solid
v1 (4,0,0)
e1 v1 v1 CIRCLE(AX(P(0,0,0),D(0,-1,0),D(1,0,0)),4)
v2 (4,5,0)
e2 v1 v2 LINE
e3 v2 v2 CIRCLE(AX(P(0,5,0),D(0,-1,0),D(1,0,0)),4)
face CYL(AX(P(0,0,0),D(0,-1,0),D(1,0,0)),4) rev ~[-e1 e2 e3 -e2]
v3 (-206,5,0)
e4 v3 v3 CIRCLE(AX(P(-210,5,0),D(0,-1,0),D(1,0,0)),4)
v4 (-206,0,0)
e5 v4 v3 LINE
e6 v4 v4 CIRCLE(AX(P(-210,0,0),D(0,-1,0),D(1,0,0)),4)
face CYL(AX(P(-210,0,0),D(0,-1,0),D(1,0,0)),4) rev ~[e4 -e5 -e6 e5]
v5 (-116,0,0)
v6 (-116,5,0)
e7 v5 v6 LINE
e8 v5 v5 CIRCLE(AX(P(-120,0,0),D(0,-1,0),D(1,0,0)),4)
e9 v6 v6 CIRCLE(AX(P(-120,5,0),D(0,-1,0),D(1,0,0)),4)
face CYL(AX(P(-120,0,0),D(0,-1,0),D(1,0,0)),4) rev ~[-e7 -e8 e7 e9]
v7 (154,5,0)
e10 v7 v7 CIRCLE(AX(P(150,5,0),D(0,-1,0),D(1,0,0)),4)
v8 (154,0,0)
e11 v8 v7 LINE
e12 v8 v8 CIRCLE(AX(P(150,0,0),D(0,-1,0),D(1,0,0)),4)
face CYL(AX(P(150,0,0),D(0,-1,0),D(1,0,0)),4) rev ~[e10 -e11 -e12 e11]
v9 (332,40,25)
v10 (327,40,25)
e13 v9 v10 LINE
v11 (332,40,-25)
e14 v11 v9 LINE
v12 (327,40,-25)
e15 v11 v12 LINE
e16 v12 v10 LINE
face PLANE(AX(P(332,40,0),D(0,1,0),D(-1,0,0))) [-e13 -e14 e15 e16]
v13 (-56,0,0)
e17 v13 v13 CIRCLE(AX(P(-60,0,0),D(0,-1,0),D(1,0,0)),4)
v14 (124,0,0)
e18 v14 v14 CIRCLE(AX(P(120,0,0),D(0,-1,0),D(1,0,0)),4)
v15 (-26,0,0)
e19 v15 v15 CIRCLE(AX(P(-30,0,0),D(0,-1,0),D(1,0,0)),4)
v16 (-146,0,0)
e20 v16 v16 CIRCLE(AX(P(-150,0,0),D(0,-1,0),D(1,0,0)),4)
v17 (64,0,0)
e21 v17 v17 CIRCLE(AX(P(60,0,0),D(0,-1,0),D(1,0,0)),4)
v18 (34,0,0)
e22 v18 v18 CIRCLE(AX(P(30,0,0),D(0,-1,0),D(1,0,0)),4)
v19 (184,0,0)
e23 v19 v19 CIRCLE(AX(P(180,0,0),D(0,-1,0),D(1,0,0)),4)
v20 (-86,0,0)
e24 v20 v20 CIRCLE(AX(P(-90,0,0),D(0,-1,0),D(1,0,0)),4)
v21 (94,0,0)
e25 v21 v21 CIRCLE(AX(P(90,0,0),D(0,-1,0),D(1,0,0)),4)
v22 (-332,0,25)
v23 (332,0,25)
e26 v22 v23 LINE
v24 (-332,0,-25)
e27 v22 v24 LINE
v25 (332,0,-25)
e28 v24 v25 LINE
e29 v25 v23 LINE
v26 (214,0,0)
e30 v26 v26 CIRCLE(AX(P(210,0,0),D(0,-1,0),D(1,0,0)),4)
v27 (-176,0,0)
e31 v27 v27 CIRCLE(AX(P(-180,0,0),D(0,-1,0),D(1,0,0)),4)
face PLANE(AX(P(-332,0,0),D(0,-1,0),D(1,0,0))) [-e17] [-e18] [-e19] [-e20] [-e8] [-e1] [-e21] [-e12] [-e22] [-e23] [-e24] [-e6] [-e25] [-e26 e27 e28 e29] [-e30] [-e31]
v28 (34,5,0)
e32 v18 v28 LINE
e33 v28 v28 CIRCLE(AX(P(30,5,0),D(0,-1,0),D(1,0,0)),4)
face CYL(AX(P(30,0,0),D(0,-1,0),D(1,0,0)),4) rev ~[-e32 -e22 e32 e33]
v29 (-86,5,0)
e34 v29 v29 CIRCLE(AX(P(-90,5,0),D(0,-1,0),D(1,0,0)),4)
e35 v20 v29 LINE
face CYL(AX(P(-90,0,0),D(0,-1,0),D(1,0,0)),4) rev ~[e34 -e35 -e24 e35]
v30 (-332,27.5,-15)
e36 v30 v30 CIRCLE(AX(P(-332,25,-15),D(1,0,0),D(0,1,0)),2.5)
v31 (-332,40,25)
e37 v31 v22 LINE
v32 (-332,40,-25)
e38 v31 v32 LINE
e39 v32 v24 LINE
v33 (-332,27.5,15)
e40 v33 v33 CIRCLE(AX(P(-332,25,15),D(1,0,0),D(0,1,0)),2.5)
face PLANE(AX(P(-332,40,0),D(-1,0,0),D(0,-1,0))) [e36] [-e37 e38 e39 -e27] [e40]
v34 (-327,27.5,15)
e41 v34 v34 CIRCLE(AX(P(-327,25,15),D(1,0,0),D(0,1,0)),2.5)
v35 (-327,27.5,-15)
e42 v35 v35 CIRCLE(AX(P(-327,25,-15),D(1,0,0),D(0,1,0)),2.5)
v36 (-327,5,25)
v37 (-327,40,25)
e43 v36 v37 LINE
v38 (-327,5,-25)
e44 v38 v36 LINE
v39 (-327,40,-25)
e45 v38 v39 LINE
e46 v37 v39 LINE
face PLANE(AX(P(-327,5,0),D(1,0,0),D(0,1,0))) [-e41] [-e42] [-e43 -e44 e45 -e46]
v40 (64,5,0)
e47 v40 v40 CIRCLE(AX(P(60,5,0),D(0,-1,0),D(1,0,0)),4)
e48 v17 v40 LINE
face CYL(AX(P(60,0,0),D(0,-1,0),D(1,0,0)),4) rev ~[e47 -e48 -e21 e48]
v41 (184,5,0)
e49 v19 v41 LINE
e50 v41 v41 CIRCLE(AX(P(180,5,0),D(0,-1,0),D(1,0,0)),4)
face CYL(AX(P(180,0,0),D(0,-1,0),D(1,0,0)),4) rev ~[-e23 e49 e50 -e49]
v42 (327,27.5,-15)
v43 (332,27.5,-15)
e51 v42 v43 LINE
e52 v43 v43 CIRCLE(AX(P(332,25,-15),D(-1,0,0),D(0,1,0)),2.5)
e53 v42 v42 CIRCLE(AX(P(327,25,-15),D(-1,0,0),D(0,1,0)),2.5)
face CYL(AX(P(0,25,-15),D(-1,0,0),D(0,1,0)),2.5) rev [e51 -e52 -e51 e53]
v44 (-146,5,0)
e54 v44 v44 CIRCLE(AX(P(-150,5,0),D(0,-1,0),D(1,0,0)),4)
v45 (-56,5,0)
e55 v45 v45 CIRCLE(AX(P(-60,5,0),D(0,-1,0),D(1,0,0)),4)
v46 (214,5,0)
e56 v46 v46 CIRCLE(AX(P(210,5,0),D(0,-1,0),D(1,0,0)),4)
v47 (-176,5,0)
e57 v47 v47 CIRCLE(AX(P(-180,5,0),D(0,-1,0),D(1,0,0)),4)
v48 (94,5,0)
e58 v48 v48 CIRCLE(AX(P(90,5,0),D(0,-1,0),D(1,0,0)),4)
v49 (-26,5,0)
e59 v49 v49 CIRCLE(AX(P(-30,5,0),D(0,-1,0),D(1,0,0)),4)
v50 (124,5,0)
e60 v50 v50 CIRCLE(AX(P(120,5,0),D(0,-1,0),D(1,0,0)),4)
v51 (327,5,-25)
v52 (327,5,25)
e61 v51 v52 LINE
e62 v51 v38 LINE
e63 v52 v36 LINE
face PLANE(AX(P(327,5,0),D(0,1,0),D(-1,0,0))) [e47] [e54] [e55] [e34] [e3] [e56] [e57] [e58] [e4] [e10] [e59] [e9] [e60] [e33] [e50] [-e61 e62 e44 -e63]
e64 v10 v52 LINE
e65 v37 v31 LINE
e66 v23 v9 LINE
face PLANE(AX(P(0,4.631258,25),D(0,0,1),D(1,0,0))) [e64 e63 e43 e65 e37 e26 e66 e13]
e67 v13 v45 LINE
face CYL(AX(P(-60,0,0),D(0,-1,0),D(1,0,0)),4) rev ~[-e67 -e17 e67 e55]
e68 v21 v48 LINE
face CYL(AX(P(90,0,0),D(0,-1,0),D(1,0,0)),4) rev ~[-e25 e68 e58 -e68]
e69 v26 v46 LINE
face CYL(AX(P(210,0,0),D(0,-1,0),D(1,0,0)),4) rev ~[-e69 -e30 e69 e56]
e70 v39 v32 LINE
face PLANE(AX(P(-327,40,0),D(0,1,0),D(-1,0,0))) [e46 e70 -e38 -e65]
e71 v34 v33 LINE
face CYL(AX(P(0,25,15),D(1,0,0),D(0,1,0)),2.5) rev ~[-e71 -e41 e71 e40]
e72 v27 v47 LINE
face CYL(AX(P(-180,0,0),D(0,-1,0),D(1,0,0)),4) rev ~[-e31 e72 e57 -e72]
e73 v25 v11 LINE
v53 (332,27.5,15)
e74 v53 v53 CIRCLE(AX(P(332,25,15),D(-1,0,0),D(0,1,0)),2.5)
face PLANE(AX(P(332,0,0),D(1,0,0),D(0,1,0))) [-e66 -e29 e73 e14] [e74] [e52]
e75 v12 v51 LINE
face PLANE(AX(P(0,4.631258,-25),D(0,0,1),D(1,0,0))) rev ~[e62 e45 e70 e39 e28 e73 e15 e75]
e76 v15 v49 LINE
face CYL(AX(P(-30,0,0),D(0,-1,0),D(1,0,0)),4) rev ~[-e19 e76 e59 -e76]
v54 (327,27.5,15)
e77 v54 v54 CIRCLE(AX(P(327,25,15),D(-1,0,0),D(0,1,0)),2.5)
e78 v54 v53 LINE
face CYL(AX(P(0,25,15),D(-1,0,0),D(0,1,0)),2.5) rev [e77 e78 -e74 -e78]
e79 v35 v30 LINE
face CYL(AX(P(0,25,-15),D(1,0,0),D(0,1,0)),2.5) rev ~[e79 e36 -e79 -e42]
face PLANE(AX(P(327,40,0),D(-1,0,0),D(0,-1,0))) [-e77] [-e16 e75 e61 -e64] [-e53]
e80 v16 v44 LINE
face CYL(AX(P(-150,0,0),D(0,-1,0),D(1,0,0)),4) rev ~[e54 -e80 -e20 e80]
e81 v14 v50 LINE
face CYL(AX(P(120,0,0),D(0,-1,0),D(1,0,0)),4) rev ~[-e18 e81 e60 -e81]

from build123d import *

# Parameters (mm, degrees)
F1_DEPTH      = 25
F2_R          = 4
F3_DEPTH      = 25
F4_R          = 2.5
F5_DEPTH      = 332.001
F5_DEPTH_BACK = 332.001


with BuildPart() as f1:
    # F0 (on Top) → F1 (new body, symmetric)
    with BuildSketch(Plane.XY):
        Polygon((-332, 0), (0, 0), (332, 0), (332, 40), (327, 40), (327, 5), (0, 5), (-327, 5), (-327, 40), (-332, 40), align=None)
    extrude(amount=F1_DEPTH, both=True)

    # F2 (on face) → F3 (cut)
    with BuildSketch(Plane.XZ):
        Circle(F2_R)
        with Locations((30, 0)):
            Circle(F2_R)
        with Locations((60, 0)):
            Circle(F2_R)
        with Locations((90, 0)):
            Circle(F2_R)
        with Locations((120, 0)):
            Circle(F2_R)
        with Locations((150, 0)):
            Circle(F2_R)
        with Locations((180, 0)):
            Circle(F2_R)
        with Locations((210, 0)):
            Circle(F2_R)
        with Locations((-30, 0)):
            Circle(F2_R)
        with Locations((-60, 0)):
            Circle(F2_R)
        with Locations((-90, 0)):
            Circle(F2_R)
        with Locations((-120, 0)):
            Circle(F2_R)
        with Locations((-150, 0)):
            Circle(F2_R)
        with Locations((-180, 0)):
            Circle(F2_R)
        with Locations((-210, 0)):
            Circle(F2_R)
    extrude(amount=-F3_DEPTH, mode=Mode.SUBTRACT)

    # F4 (on Right) → F5 (cut, two sides)
    with BuildSketch(Plane.YZ) as f5_sk:
        with Locations((25, 15)):
            Circle(F4_R)
        with Locations((25, -15)):
            Circle(F4_R)
    extrude(amount=F5_DEPTH, mode=Mode.SUBTRACT)
    extrude(f5_sk.sketch, amount=-F5_DEPTH_BACK, mode=Mode.SUBTRACT)


solid = f1.part
